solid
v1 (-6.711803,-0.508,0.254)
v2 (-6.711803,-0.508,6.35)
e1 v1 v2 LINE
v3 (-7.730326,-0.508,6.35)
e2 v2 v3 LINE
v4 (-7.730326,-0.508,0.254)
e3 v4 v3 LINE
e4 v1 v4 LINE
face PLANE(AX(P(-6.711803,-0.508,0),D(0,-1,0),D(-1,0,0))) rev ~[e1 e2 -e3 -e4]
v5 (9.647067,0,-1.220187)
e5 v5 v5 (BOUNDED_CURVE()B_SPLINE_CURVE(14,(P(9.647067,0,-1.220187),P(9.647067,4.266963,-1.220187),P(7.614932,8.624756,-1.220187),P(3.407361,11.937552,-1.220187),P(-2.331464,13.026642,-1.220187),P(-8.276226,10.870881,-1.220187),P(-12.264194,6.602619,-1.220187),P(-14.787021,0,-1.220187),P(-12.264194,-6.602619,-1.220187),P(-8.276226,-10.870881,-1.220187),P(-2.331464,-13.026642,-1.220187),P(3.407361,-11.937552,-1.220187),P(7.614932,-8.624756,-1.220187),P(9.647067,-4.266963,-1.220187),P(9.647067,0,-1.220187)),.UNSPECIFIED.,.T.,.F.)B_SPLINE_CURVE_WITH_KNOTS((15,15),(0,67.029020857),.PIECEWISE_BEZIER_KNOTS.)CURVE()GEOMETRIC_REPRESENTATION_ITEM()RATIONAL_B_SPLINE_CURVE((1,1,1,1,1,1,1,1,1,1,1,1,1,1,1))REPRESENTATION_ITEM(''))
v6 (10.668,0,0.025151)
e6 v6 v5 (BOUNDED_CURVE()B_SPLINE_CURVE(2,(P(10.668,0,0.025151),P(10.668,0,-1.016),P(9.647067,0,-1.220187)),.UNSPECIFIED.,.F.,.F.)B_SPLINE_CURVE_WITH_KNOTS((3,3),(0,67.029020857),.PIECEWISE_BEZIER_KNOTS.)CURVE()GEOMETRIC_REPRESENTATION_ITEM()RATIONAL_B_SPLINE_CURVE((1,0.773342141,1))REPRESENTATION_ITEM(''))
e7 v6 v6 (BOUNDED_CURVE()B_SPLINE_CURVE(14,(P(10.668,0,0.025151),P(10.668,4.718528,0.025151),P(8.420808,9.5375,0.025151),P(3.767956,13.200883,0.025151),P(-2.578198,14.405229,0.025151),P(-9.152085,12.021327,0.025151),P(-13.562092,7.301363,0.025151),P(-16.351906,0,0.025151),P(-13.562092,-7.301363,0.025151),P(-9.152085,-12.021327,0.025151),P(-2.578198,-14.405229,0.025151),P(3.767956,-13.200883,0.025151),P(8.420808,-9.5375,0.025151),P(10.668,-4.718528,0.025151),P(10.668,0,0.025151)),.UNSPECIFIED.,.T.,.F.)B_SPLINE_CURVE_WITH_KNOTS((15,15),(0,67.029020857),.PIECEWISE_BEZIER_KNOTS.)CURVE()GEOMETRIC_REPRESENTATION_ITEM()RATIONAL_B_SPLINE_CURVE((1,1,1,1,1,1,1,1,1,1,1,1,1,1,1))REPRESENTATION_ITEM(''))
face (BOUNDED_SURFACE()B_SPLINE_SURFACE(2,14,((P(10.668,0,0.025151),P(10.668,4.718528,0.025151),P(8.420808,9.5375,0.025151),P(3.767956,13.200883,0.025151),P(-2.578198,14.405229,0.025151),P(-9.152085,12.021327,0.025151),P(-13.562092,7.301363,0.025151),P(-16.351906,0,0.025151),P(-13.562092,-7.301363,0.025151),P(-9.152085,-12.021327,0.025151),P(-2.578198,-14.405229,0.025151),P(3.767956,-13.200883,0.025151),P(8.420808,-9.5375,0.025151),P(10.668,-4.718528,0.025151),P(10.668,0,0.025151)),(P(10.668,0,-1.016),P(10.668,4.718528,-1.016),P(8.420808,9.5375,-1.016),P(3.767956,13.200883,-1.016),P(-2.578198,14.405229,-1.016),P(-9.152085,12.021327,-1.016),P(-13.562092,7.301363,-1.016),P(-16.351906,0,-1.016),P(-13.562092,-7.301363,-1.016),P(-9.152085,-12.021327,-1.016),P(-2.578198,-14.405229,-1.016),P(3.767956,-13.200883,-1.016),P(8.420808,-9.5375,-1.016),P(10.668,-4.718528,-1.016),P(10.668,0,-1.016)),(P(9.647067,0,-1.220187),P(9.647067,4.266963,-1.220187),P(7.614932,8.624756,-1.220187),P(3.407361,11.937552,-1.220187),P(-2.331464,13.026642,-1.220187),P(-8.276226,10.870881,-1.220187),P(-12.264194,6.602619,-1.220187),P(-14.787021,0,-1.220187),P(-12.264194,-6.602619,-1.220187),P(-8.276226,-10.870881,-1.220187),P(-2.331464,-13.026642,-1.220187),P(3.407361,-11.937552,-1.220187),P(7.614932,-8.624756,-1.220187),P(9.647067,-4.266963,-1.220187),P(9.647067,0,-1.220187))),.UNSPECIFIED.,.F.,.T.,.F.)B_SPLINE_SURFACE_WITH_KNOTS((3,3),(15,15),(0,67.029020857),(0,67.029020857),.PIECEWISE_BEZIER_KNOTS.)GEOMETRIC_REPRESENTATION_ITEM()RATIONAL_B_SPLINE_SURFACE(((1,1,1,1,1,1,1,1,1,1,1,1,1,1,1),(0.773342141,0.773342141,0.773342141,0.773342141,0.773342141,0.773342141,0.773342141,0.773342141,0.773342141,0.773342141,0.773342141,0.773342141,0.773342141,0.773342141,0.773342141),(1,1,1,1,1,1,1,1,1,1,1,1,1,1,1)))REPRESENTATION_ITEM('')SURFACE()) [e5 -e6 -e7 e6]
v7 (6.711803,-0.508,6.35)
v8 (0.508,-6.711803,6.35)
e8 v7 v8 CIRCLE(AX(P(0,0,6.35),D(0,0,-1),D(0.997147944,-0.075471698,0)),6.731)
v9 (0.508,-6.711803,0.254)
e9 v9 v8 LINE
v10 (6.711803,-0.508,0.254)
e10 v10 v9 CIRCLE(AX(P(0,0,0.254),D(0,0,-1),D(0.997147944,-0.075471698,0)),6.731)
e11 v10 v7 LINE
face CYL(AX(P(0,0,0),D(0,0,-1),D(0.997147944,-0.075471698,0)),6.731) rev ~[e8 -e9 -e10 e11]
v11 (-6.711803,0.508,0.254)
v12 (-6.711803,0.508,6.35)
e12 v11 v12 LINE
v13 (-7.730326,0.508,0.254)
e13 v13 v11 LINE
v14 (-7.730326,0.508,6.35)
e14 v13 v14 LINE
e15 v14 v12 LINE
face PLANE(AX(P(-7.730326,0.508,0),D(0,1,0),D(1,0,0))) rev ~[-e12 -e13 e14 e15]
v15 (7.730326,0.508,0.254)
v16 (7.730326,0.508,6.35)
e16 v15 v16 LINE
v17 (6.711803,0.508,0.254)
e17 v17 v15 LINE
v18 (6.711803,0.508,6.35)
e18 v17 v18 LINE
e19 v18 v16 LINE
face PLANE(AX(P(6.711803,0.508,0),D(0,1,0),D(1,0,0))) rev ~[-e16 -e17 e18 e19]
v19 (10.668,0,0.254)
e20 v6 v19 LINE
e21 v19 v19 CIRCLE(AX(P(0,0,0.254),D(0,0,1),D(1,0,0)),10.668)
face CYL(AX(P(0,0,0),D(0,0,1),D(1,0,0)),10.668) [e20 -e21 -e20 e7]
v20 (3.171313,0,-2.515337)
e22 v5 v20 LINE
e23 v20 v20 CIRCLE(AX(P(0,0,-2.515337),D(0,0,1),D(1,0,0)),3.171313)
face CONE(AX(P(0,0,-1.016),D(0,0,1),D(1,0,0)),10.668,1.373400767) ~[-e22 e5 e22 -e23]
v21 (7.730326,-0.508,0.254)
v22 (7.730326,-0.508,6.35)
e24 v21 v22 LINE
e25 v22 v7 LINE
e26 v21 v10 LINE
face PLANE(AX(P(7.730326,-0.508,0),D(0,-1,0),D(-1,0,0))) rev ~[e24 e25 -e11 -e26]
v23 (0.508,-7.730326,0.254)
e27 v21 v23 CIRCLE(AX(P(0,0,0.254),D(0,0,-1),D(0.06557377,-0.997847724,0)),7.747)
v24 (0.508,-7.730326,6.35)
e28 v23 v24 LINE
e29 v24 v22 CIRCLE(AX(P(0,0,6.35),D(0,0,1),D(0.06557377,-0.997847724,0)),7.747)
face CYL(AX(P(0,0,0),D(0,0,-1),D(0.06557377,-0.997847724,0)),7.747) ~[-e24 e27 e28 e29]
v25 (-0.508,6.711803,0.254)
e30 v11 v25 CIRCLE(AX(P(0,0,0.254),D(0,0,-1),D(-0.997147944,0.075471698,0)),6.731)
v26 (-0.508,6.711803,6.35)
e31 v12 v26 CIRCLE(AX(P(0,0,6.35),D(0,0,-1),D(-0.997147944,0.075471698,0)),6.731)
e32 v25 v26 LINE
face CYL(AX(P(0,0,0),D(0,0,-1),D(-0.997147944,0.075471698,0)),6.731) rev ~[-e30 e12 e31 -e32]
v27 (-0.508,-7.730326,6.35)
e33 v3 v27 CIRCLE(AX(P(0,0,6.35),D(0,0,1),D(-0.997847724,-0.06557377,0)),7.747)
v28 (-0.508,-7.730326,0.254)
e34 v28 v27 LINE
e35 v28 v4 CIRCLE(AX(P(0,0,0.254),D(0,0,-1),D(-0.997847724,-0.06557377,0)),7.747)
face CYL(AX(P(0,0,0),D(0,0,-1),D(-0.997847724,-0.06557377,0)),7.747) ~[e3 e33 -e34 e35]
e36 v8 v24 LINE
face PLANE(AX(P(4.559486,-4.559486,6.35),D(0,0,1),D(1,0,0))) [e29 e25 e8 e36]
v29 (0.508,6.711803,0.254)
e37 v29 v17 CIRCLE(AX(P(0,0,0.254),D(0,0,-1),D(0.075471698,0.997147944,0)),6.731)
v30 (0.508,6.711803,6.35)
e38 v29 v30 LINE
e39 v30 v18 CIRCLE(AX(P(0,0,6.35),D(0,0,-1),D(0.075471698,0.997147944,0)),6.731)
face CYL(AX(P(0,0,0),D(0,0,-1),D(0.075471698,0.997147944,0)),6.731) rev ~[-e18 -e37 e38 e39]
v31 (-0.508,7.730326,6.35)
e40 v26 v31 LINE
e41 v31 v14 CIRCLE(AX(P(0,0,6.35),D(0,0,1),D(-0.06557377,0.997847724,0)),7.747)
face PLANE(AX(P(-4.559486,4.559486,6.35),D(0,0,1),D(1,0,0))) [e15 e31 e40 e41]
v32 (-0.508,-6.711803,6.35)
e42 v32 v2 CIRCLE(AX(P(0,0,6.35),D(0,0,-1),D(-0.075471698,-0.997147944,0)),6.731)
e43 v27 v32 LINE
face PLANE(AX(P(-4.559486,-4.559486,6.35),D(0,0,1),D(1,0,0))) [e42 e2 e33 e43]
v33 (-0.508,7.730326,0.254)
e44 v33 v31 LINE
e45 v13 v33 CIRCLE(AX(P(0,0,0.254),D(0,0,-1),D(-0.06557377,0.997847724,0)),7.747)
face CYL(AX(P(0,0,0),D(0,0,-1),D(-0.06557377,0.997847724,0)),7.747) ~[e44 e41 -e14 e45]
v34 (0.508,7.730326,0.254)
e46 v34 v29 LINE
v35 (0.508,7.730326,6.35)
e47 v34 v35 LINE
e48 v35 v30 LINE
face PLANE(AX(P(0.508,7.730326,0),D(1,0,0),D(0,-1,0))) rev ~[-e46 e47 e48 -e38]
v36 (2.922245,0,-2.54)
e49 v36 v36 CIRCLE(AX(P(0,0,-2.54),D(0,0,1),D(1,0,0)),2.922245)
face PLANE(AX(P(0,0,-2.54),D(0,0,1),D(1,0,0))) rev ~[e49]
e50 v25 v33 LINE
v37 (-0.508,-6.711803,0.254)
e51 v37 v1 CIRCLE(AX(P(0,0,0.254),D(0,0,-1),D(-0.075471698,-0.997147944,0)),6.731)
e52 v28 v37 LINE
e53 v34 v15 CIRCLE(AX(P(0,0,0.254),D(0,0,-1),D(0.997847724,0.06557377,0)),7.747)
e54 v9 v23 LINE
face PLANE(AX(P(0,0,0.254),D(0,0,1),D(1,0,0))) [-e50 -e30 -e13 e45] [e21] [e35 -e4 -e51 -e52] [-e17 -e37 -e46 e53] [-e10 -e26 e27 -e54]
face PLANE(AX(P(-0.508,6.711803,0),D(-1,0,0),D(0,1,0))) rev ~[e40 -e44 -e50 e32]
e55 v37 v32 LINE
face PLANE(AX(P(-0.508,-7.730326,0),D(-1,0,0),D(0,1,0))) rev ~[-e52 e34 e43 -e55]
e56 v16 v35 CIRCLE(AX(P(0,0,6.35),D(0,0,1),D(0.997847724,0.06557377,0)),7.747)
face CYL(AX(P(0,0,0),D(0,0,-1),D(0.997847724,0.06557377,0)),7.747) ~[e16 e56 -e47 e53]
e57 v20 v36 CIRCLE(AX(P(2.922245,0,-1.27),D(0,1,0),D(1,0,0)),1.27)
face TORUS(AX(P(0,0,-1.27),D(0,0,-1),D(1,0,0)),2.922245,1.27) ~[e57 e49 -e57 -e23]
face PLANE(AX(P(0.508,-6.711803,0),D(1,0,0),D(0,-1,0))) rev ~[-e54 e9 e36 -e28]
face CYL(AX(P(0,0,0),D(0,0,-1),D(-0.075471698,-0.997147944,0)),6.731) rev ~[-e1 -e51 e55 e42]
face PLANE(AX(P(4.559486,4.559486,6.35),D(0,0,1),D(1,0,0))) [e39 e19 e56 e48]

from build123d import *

# Parameters (mm, degrees)
F1_DEPTH = 6.35
F2_R     = 10.668
F3_DEPTH = 2.54
F4_DEPTH = 0.254
F6_SIZE2 = 7.62
F6_SIZE  = 1.524
F7_R     = 1.27


with BuildPart() as f1:
    # F0 (on Top) → F1 (new body)
    with BuildSketch(Plane.XY):
        with BuildLine():
            Line((6.711802813, 0.508), (7.7303263191, 0.508))
            ThreePointArc((7.7303263191, 0.508), (5.4779562339, 5.4779562339), (0.508, 7.7303263191))
            Line((0.508, 7.7303263191), (0.508, 6.711802813))
            ThreePointArc((0.508, 6.711802813), (4.7595357442, 4.7595357442), (6.711802813, 0.508))
        make_face()
    extrude(amount=F1_DEPTH)


with BuildPart() as f1b:
    # F0 (on Top) → F1, piece 2 (new body)
    with BuildSketch(Plane.XY):
        with BuildLine():
            ThreePointArc((-0.508, 7.7303263191), (-5.4779562339, 5.4779562339), (-7.7303263191, 0.508))
            Line((-7.7303263191, 0.508), (-6.711802813, 0.508))
            ThreePointArc((-6.711802813, 0.508), (-4.7595357442, 4.7595357442), (-0.508, 6.711802813))
            Line((-0.508, 6.711802813), (-0.508, 7.7303263191))
        make_face()
    extrude(amount=F1_DEPTH)


with BuildPart() as f1c:
    # F0 (on Top) → F1, piece 3 (new body)
    with BuildSketch(Plane.XY):
        with BuildLine():
            Line((-6.711802813, -0.508), (-7.7303263191, -0.508))
            ThreePointArc((-7.7303263191, -0.508), (-5.4779562339, -5.4779562339), (-0.508, -7.7303263191))
            Line((-0.508, -7.7303263191), (-0.508, -6.711802813))
            ThreePointArc((-0.508, -6.711802813), (-4.7595357442, -4.7595357442), (-6.711802813, -0.508))
        make_face()
    extrude(amount=F1_DEPTH)


with BuildPart() as f1d:
    # F0 (on Top) → F1, piece 4 (new body)
    with BuildSketch(Plane.XY):
        with BuildLine():
            ThreePointArc((0.508, -7.7303263191), (5.4779562339, -5.4779562339), (7.7303263191, -0.508))
            Line((7.7303263191, -0.508), (6.711802813, -0.508))
            ThreePointArc((6.711802813, -0.508), (4.7595357442, -4.7595357442), (0.508, -6.711802813))
            Line((0.508, -6.711802813), (0.508, -7.7303263191))
        make_face()
    extrude(amount=F1_DEPTH)


with BuildPart() as f3:
    # F2 (on Top) → F3 (new body)
    with BuildSketch(Plane.XY):
        Circle(F2_R)
    extrude(amount=-F3_DEPTH)


with BuildPart() as f4:
    # F4 (new): a face of the model
    f4_faces = [f3.part.faces().sort_by_distance(p)[0] for p in [
        (0, 0, 0),
    ]]
    extrude(f4_faces, amount=F4_DEPTH)


with BuildPart() as f1c_1:
    add(f1c.part)

    # F5: union F1b, F1, F1d, F3, F4
    add(f1b.part)
    add(f1.part)
    add(f1d.part)
    add(f3.part)
    add(f4.part)

    # F6
    f6_edges = [f1c_1.edges().sort_by_distance(p)[0] for p in [
        (-10.668, 0, -2.54),
    ]]
    f6_side = f1c_1.faces().sort_by_distance((-10.668, 0, -1.143))[0]
    chamfer(f6_edges, length=F6_SIZE, length2=F6_SIZE2, reference=f6_side)

    # F7
    f7_edges = [f1c_1.edges().sort_by_distance(p)[0] for p in [
        (-10.668, 0, -1.016),
        (-3.048, 0, -2.54),
    ]]
    fillet(f7_edges, radius=F7_R)


solid = f1c_1.part
